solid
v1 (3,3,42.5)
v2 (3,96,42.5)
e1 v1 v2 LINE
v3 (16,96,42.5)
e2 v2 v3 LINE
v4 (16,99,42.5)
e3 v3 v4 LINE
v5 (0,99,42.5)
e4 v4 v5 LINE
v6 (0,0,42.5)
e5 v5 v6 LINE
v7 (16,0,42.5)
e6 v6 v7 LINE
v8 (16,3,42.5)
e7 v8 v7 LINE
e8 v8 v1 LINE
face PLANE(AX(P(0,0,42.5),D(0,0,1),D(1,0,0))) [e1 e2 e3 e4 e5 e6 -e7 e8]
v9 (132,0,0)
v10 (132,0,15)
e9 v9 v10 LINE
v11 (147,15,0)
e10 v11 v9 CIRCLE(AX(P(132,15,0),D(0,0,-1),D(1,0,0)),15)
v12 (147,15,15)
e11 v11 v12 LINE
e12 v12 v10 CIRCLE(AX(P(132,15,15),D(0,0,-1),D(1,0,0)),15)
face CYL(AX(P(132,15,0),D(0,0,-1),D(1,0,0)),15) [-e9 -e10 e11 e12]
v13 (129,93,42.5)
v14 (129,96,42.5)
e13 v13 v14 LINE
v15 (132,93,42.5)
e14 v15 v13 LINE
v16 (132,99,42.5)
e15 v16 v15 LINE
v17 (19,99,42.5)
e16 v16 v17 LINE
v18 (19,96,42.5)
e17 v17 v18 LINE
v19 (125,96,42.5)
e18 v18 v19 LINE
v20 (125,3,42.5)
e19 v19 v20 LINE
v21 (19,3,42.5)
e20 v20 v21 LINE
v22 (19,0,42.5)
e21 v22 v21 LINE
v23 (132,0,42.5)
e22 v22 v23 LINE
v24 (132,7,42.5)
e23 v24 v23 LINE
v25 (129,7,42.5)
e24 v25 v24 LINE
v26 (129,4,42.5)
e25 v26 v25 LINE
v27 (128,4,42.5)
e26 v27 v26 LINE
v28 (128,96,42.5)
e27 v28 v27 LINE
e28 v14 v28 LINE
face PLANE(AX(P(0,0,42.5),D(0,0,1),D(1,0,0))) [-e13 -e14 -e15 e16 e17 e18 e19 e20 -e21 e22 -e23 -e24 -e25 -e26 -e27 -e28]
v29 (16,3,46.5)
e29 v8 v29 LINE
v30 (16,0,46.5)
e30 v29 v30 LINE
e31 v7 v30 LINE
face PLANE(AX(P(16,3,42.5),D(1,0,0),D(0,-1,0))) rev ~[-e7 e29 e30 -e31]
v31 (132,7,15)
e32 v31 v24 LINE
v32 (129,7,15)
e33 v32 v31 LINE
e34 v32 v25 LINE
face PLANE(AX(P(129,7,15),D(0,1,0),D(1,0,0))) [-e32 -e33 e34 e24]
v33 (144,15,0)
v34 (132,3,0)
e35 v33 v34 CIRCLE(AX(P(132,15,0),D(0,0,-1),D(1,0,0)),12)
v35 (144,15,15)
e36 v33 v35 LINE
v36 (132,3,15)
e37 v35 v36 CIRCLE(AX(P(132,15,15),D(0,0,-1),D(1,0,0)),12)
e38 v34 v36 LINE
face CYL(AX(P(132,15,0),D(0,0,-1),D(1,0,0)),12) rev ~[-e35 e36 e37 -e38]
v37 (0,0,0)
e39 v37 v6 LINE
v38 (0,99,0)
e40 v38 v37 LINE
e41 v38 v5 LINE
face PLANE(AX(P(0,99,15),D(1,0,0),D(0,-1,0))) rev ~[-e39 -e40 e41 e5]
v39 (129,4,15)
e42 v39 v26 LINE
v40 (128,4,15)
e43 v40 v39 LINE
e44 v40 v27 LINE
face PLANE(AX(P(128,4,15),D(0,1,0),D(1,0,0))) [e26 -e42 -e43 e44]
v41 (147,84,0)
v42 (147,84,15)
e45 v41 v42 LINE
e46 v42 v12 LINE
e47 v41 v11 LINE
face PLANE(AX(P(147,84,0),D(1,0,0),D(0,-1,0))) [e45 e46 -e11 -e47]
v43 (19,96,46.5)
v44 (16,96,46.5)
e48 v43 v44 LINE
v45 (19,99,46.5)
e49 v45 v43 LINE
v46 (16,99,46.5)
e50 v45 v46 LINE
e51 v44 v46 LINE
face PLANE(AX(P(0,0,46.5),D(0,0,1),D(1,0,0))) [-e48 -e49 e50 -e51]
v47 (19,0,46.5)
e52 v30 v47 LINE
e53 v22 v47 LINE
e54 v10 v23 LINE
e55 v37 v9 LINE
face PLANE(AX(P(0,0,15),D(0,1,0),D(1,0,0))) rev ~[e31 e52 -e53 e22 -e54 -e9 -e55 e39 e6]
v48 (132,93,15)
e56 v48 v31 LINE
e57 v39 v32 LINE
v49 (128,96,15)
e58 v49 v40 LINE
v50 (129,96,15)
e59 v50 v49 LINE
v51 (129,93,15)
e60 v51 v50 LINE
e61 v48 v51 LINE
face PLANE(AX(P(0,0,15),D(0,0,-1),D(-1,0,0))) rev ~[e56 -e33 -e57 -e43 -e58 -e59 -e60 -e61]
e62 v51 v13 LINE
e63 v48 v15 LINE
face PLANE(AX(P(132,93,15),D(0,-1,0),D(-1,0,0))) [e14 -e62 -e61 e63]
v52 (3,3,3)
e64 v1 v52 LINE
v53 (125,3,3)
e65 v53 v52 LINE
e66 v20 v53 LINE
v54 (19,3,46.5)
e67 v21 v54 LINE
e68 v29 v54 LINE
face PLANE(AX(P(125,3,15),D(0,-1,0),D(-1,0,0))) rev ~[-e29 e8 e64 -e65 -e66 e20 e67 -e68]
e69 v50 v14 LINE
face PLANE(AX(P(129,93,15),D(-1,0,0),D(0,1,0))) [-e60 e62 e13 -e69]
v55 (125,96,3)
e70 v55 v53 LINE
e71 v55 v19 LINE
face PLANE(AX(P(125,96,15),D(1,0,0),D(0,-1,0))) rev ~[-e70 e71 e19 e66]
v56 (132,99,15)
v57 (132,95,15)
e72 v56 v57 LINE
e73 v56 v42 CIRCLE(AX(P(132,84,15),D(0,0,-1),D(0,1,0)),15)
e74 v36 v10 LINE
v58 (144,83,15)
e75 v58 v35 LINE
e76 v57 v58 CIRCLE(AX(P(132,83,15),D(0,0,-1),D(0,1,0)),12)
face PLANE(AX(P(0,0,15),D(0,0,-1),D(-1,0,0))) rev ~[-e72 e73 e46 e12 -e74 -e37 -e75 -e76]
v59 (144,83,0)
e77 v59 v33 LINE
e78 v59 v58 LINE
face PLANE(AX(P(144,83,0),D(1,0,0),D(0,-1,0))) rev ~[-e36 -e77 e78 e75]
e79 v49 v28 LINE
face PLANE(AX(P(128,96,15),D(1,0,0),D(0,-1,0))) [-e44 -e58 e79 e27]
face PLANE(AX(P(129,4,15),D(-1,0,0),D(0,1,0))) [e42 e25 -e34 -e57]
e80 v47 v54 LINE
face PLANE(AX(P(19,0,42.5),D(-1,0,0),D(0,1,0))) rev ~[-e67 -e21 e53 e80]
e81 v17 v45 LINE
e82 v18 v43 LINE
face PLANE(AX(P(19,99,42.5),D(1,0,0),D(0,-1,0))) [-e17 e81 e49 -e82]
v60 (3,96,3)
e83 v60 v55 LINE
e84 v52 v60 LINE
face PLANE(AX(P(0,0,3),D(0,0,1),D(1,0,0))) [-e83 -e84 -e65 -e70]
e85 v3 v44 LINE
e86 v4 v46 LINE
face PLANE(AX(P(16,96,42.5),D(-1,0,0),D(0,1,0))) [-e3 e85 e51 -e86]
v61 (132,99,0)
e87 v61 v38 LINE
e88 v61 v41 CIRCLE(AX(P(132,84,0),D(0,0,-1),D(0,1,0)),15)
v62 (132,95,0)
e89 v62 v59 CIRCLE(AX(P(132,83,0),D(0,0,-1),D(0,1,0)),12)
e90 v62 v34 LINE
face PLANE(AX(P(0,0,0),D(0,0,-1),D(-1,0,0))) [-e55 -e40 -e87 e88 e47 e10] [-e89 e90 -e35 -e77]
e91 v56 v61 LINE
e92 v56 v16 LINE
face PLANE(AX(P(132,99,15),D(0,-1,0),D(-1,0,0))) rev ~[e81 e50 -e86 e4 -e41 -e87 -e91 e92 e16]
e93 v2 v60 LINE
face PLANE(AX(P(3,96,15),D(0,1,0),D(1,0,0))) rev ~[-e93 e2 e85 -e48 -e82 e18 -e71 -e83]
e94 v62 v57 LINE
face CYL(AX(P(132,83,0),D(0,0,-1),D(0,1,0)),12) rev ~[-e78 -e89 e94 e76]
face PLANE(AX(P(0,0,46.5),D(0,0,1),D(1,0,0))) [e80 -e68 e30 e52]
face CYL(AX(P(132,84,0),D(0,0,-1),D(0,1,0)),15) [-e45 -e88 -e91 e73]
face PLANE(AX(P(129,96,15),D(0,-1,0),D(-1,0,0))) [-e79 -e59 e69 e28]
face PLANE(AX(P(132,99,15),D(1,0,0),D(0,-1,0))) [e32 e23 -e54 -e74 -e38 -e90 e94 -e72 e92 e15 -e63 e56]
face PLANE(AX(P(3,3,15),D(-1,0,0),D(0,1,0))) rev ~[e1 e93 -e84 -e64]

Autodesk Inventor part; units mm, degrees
ref_plane "YZ Plane" through (0, 0, 0) normal (1, 0, 0) x (0, 1, 0)
ref_plane "XZ Plane" through (0, 0, 0) normal (0, 1, 0) x (-1, 0, 0)
ref_plane "XY Plane" through (0, 0, 0) normal (0, 0, 1) x (1, 0, 0)
sketch "Sketch1" plane through (0, 0, 0) normal (0, 0, 1) x (1, 0, 0)
  line L0 (0, 0) -> (132, 0)
  line L1 (0, 0) -> (132, 0)
  line L2 (0, 0) -> (132, 0)
  line L3 (132, 0) -> (132, 99)
  line L4 (132, 99) -> (0, 99)
  line L5 (0, 99) -> (0, 0)
  dimension "d12" = 132
  dimension "d13" = 99
extrude "Extrusion2" add sketch "Sketch1" along normal blind 3
sketch "Sketch2" plane through (0, 0, 3) normal (0, 0, 1) x (1, 0, 0)
  line L0 (3, 96) -> (125, 96)
  line L1 (125, 96) -> (125, 3)
  line L2 (125, 3) -> (3, 3)
  line L3 (3, 3) -> (3, 96)
  line L4 (132, 99) -> (0, 99) projected
  line L5 (0, 0) -> (132, 0) projected
  line L6 (0, 99) -> (0, 0) projected
  line L7 (132, 0) -> (132, 99) projected
  dimension "d16" = 3
  dimension "d17" = 3
  dimension "d18" = 3
  dimension "d21" = 7
extrude "Extrusion3" add sketch "Sketch2" along normal blind 12
sketch "Sketch3" plane through (0, 0, 0) normal (0, 0, -1) x (-1, 0, 0)
  point P0 (0, 0)
sketch "Sketch4" plane through (0, 0, 0) normal (0, 0, -1) x (-1, 0, 0)
  line L0 (-132, 99) -> (0, 99) projected
  line L1 (-132, 99) -> (-132, 84)
  line L2 (-132, 0) -> (-132, 99) projected
  line L3 (-132, 0) -> (-132, 15)
  arc A0 (-147, 15) -> (-132, 0) centre (-132, 15) ccw
  line L4 (-132, 15) -> (-147, 15) construction
  line L5 (-132, 15) -> (-132, 0) construction
  arc A1 (-132, 99) -> (-147, 84) centre (-132, 84) ccw
  line L6 (-132, 84) -> (-147, 84) construction
  line L7 (-132, 84) -> (-132, 99) construction
  line L8 (-147, 84) -> (-147, 15)
  point P0 (0, 0)
  dimension "d24" = 15
  dimension "d25" = 15
  dimension "d26" = 90
  dimension "d27" = 90
extrude "Extrusion4" add sketch "Sketch4" against normal blind 15
sketch "Sketch5" plane through (0, 0, 0) normal (0, 0, -1) x (-1, 0, 0)
  line L0 (-132, 99) -> (0, 99) projected
  line L1 (0, 0) -> (-132, 0) projected
  arc A0 (-132, 95) -> (-144, 83) centre (-132, 83) ccw
  arc A1 (-144, 15) -> (-132, 3) centre (-132, 15) ccw
  line L2 (-144, 83) -> (-144, 15)
  line L3 (-132, 95) -> (-132, 3)
  dimension "d35" = 3
  dimension "d36" = 92
  dimension "d37" = 3
extrude "Extrusion5" cut sketch "Sketch5" against normal through all
sketch "Sketch6" plane through (0, 0, 15) normal (0, 0, 1) x (1, 0, 0)
  line L0 (132, 99) -> (0, 99) projected
  arc A0 (147, 84) -> (132, 99) centre (132, 84) ccw projected
  line L1 (0, 99) -> (132, 99)
  line L2 (132, 99) -> (132, 93)
  line L3 (132, 3) -> (132, 95) projected
  line L4 (132, 93) -> (129, 93)
  line L5 (129, 93) -> (129, 96)
  line L6 (129, 96) -> (128, 96)
  line L7 (128, 96) -> (128, 4)
  line L8 (125, 96) -> (125, 3) projected
  line L9 (128, 4) -> (129, 4)
  line L10 (129, 4) -> (129, 7)
  line L11 (129, 7) -> (132, 7)
  line L12 (132, 7) -> (132, 0)
  line L13 (0, 0) -> (132, 0) projected
  line L14 (132, 0) -> (0, 0)
  line L15 (0, 99) -> (0, 0) projected
  line L16 (0, 0) -> (0, 99)
  line L17 (3, 96) -> (125, 96) projected
  line L18 (3, 96) -> (125, 96)
  line L19 (125, 96) -> (125, 3)
  line L20 (125, 3) -> (3, 3)
  line L21 (3, 3) -> (3, 96)
  dimension "d40" = 6
  dimension "d41" = 3
  dimension "d42" = 3
  dimension "d43" = 1
  dimension "d44" = 3
  dimension "d45" = 3
extrude "Extrusion6" add sketch "Sketch6" along normal blind 27.5 contours L2 L4 L5 L6 L7 L9 L10 L11 L3 L12 L13 L15 L0
sketch "Sketch7" plane through (0, 0, 42.5) normal (0, 0, 1) x (1, 0, 0)
  line L0 (0, 99) -> (0, 0) projected
  line L1 (0, 0) -> (16, 0)
  line L2 (0, 0) -> (132, 0) projected
  line L3 (3, 3) -> (125, 3) projected
  line L4 (16, 0) -> (19, 0)
  line L5 (19, 0) -> (19, 3)
  line L6 (19, 3) -> (16, 3)
  line L7 (16, 3) -> (16, 0)
  line L8 (0, 99) -> (16, 99)
  line L9 (132, 99) -> (0, 99) projected
  line L10 (125, 96) -> (3, 96) projected
  line L11 (16, 99) -> (19, 99)
  line L12 (19, 99) -> (19, 96)
  line L13 (19, 96) -> (16, 96)
  line L14 (16, 96) -> (16, 99)
  dimension "d48" = 16
  dimension "d49" = 3
  dimension "d50" = 16
  dimension "d51" = 3
extrude "Extrusion7" add sketch "Sketch7" along normal blind 4
sketch "Sketch10" plane through (0, 0, 0) normal (0, -1, 0) x (1, 0, 0)
  line L0 (132, 42.5) -> (19, 42.5) projected
  line L1 (19, 42.5) -> (22, 42.5)
  line L2 (22, 3) -> (22, 0)
  line L3 (0, 0) -> (132, 0) projected
  line L4 (0, 0) -> (0, 22)
  line L5 (0, 0) -> (0, 42.5) projected
  line L6 (0, 22) -> (3, 22)
  arc A0 (0, 22) -> (22, 0) centre (22, 22) ccw
  line L7 (125, 3) -> (3, 3) projected
  arc A1 (3, 22) -> (22, 3) centre (22, 22) ccw
  line L8 (19, 3.2383) -> (19, 3)
  line L9 (19, 0.2055) -> (19, 0)
  dimension "d70" = 3
  dimension "d73" = 22
  dimension "d74" = 3
  dimension "d75" = 3
  dimension "d76" = 19
equation "\"d16\" = d17"
equation "\"d18\" = d17"
equation "\"d25\" = d24"
equation "\"d35\" = d17"
equation "\"d37\" = d17"
equation "\"d41\" = d17"
equation "\"d42\" = d17"
equation "\"d44\" = d17"
equation "\"d45\" = d17"
equation "\"d49\" = d17"
equation "\"d51\" = d17"
equation "\"d70\" = d17"
equation "\"d74\" = d17"
equation "\"d75\" = d17"
properties part number "boxMVer1"
